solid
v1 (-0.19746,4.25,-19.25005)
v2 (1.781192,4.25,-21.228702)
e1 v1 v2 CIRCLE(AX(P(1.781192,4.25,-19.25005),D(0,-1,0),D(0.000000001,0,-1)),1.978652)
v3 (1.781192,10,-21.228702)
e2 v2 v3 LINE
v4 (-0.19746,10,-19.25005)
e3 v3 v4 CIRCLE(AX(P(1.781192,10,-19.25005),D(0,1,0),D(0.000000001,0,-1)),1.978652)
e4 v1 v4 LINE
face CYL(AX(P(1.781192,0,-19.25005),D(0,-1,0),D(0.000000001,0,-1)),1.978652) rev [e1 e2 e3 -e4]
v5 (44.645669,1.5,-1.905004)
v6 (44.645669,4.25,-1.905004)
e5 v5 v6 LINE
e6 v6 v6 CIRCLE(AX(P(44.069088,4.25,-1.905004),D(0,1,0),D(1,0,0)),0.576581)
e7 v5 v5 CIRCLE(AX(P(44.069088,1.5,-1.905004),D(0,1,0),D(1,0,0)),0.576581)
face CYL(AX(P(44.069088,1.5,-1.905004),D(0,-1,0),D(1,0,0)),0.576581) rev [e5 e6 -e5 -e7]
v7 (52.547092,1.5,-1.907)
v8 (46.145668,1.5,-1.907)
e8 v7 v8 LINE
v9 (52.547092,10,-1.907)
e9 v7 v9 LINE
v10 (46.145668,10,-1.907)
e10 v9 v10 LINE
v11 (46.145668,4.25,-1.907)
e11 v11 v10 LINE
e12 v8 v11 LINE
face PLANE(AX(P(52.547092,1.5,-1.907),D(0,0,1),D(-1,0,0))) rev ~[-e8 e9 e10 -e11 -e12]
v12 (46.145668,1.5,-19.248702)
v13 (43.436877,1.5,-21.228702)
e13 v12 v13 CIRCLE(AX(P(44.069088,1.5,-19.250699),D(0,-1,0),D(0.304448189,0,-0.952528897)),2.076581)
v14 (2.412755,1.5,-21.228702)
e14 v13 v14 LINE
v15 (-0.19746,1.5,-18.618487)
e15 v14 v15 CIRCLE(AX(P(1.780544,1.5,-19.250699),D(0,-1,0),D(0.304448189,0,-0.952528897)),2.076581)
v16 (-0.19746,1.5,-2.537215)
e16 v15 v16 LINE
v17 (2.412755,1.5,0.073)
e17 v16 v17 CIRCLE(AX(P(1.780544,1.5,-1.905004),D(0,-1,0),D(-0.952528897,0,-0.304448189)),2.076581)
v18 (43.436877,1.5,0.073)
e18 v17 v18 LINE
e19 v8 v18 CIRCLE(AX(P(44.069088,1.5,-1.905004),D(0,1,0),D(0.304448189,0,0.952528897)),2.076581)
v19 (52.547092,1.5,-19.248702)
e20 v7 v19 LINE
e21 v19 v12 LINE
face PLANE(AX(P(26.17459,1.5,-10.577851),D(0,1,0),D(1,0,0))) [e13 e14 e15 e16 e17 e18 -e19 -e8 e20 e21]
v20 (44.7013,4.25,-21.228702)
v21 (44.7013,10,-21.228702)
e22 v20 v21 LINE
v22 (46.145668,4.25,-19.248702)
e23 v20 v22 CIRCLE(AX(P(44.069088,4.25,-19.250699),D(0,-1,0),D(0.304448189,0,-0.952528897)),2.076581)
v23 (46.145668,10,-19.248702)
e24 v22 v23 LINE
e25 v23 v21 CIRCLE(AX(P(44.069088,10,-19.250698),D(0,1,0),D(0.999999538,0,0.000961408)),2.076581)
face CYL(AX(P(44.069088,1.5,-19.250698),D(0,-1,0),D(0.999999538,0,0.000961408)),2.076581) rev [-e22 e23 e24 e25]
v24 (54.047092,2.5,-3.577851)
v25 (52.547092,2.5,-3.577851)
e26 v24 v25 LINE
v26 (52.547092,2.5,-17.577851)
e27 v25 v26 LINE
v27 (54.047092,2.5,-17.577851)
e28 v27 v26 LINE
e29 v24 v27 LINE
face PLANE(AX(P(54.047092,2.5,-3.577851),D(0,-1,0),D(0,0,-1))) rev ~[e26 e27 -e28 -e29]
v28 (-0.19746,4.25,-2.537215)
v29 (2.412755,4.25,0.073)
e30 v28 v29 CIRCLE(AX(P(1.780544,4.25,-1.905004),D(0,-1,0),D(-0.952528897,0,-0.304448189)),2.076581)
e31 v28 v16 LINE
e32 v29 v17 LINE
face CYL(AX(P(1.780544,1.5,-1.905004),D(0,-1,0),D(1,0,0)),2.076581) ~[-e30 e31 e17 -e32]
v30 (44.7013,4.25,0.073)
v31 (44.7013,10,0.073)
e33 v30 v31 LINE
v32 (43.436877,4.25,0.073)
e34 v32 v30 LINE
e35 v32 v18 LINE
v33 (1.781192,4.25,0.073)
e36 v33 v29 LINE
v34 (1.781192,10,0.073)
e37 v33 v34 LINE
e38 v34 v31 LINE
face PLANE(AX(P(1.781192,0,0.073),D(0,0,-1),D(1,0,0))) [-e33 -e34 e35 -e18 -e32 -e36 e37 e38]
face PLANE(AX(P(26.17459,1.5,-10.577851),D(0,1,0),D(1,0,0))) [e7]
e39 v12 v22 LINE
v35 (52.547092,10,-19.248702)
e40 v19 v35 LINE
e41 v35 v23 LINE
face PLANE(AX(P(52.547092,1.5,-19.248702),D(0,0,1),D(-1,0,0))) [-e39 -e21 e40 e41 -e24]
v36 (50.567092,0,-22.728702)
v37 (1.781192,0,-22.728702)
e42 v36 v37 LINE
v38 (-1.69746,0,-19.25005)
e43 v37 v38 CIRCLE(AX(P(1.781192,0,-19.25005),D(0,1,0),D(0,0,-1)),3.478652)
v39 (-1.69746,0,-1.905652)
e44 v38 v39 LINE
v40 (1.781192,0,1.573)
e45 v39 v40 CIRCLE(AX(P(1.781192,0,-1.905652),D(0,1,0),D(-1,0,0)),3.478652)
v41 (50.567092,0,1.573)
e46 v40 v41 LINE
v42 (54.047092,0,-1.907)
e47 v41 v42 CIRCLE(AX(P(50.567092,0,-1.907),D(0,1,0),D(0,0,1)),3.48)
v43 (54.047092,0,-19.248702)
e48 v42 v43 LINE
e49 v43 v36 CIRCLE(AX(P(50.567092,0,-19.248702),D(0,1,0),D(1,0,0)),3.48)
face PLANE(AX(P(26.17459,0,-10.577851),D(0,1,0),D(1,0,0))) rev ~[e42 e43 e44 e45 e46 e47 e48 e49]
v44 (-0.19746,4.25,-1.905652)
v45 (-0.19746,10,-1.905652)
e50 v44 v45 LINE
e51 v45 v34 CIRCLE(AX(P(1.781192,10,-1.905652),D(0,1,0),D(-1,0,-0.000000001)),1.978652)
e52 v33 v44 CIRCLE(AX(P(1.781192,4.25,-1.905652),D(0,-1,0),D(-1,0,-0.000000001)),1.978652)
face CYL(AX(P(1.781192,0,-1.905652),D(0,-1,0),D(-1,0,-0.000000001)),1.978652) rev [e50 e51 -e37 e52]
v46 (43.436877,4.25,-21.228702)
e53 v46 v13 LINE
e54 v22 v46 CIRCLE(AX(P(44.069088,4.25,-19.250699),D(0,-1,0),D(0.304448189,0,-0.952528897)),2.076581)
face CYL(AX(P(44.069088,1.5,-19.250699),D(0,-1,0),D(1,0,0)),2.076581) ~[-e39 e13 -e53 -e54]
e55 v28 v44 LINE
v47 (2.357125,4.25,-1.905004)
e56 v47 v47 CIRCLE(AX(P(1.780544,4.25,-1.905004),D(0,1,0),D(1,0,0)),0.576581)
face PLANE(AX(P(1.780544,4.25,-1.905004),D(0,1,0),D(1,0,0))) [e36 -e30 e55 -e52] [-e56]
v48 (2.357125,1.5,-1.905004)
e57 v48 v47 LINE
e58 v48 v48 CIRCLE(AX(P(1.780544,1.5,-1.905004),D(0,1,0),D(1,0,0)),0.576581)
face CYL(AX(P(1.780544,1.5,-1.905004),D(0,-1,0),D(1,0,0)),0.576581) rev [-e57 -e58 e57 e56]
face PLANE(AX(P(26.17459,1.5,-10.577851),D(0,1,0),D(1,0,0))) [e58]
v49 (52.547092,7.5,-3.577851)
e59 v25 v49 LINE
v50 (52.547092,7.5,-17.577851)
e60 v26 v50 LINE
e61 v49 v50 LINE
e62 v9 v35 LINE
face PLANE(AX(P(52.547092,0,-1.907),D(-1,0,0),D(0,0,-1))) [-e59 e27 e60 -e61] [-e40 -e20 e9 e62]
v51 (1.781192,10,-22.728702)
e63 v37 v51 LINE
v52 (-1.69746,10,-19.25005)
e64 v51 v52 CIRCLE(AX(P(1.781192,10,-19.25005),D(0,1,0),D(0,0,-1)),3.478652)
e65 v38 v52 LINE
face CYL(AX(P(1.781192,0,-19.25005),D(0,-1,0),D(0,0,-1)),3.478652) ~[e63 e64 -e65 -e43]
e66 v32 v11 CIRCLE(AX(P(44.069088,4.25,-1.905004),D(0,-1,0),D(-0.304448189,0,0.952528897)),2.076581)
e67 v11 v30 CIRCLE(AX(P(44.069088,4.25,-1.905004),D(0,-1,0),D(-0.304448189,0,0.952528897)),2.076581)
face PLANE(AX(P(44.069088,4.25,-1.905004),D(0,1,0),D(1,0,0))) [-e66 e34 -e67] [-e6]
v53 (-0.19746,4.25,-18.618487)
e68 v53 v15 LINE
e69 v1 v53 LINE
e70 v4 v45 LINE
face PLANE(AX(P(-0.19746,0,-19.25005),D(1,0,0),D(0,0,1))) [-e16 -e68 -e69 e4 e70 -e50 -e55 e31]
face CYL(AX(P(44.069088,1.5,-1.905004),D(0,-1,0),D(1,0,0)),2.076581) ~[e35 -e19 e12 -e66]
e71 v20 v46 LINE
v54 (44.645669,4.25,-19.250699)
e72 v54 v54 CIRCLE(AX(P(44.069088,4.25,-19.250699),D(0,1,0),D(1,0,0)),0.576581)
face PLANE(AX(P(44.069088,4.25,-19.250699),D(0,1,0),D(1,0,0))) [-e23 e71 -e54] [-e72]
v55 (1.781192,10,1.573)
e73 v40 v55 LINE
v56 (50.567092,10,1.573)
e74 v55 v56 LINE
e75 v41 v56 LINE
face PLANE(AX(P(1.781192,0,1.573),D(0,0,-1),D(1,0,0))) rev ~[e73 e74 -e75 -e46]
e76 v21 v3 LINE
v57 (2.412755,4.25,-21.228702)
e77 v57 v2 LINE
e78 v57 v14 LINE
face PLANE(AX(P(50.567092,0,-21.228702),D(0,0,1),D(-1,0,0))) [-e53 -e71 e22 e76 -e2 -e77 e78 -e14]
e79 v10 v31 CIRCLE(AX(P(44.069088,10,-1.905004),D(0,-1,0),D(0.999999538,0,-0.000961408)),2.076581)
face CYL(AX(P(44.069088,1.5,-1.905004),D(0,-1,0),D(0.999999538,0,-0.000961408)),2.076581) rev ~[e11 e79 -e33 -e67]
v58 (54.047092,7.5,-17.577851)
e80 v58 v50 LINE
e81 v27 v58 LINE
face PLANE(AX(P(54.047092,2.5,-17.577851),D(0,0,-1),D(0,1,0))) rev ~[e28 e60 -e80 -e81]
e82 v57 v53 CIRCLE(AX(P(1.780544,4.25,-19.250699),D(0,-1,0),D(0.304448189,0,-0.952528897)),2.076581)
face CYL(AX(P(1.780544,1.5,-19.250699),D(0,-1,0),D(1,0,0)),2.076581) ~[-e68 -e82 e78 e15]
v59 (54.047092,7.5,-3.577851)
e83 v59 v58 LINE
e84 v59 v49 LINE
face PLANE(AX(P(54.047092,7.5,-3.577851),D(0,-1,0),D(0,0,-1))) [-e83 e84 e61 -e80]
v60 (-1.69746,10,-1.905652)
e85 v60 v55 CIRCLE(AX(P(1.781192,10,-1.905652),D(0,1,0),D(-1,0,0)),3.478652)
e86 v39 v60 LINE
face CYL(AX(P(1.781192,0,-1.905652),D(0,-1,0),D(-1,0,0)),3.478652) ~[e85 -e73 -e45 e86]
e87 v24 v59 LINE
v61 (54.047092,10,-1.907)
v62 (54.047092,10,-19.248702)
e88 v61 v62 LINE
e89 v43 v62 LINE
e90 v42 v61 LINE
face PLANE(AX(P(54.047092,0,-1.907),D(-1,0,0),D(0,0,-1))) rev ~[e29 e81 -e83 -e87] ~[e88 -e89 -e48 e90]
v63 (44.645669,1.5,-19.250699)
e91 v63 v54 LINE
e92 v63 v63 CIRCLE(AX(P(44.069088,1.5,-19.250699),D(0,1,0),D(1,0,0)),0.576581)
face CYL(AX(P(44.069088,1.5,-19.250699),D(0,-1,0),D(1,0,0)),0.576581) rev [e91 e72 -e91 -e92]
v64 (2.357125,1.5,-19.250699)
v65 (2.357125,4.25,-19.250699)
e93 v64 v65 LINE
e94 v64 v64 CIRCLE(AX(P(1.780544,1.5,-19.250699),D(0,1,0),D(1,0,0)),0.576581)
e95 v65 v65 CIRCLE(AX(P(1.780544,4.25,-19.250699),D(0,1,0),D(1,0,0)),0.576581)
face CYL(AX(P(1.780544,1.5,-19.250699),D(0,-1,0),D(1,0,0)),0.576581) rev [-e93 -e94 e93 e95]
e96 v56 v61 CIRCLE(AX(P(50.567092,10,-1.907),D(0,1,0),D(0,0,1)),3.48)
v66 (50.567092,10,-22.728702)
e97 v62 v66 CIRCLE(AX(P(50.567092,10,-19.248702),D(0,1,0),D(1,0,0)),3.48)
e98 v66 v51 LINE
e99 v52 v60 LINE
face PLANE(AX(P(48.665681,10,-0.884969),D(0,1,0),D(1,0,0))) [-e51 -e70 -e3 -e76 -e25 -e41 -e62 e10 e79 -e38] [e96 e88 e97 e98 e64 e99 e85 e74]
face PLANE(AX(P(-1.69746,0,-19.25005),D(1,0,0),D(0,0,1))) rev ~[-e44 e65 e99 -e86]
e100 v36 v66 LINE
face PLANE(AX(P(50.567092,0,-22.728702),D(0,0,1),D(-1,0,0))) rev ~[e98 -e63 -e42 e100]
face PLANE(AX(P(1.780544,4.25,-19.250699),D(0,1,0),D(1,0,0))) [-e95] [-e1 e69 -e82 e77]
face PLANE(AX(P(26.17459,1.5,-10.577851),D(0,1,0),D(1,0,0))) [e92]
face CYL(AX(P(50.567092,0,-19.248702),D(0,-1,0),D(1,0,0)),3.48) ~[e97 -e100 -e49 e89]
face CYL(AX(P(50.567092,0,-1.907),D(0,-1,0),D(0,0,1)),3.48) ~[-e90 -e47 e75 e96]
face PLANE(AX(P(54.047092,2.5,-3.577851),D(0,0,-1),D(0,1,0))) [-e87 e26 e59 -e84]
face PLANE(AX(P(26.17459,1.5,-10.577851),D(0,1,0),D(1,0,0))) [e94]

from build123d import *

# Parameters (mm, degrees)
EXTRUDE_4_DEPTH     = 10
EXTRUDE_3_DEPTH     = 1.5
CUT_EXTRUDE_2_REACH = 57.745
SKETCH_7_W          = 14
SKETCH_7_H          = 5
SKETCH_8_R          = 2.076581153
SKETCH_8_R_2        = 0.576581153
EXTRUDE_5_DEPTH     = 2.75
EXTRUDE_4_2_DEPTH   = 8.5


with BuildPart() as part:
    # 草图3 → Extrude 4 (new body)
    with BuildSketch(Plane(origin=(0, 0, 0), x_dir=(1, 0, 0), z_dir=(0, 1, 0))):
        with BuildLine():
            Line((50.567091694, 22.728702057), (1.78119206, 22.728702057))
            ThreePointArc((1.78119206, 22.728702057), (-0.678586397, 21.70982846), (-1.697459995, 19.250050003))
            Line((-1.697459995, 19.250050003), (-1.697459995, 1.905652309))
            ThreePointArc((-1.697459995, 1.905652309), (-0.678586397, -0.554126149), (1.78119206, -1.572999746))
            Line((1.78119206, -1.572999746), (50.567091694, -1.572999746))
            ThreePointArc((50.567091694, -1.572999746), (53.027823293, -0.553731345), (54.047091694, 1.907000254))
            Line((54.047091694, 1.907000254), (54.047091694, 19.248702057))
            ThreePointArc((54.047091694, 19.248702057), (53.027823293, 21.709433656), (50.567091694, 22.728702057))
        make_face()
        with BuildLine():
            Line((50.567091694, 21.228702057), (1.78119206, 21.228702057))
            ThreePointArc((1.78119206, 21.228702057), (0.382073774, 20.649168288), (-0.197459995, 19.250050003))
            Line((-0.197459995, 19.250050003), (-0.197459995, 1.905652309))
            ThreePointArc((-0.197459995, 1.905652309), (0.382073774, 0.506534023), (1.78119206, -0.072999746))
            Line((1.78119206, -0.072999746), (50.567091694, -0.072999746))
            ThreePointArc((50.567091694, -0.072999746), (51.967163121, 0.506928827), (52.547091694, 1.907000254))
            Line((52.547091694, 1.907000254), (52.547091694, 19.248702057))
            ThreePointArc((52.547091694, 19.248702057), (51.967163121, 20.648773484), (50.567091694, 21.228702057))
        make_face(mode=Mode.SUBTRACT)
    extrude(amount=EXTRUDE_4_DEPTH)

    # 草图3<5> → 凸台-拉伸3 (add)
    with BuildSketch(Plane(origin=(0, 0, 0), x_dir=(1, 0, 0), z_dir=(0, 1, 0))):
        with BuildLine():
            Line((50.567091694, 21.228702057), (1.78119206, 21.228702057))
            ThreePointArc((1.78119206, 21.228702057), (0.382073774, 20.649168288), (-0.197459995, 19.250050003))
            Line((-0.197459995, 19.250050003), (-0.197459995, 1.905652309))
            ThreePointArc((-0.197459995, 1.905652309), (0.382073774, 0.506534023), (1.78119206, -0.072999746))
            Line((1.78119206, -0.072999746), (50.567091694, -0.072999746))
            ThreePointArc((50.567091694, -0.072999746), (51.967163121, 0.506928827), (52.547091694, 1.907000254))
            Line((52.547091694, 1.907000254), (52.547091694, 19.248702057))
            ThreePointArc((52.547091694, 19.248702057), (51.967163121, 20.648773484), (50.567091694, 21.228702057))
        make_face()
    extrude(amount=EXTRUDE_3_DEPTH)

    # 草图7 → 切除-拉伸2 (cut, up to next)
    with BuildSketch(Plane(origin=(54.047091694, 0, 0), x_dir=(0, 0, -1), z_dir=(1, 0, 0)), mode=Mode.PRIVATE) as cut_extrude_2_sk1:
        with Locations((10.577851156, 5)):
            Rectangle(SKETCH_7_W, SKETCH_7_H)
    cut_extrude_2_tool1 = extrude(cut_extrude_2_sk1.sketch, amount=-CUT_EXTRUDE_2_REACH, mode=Mode.PRIVATE) & part.part
    add(cut_extrude_2_tool1.solids().sort_by_distance((54.047092, 5, -10.577851))[0], mode=Mode.SUBTRACT)

    # 草图8 → 拉伸-薄壁5 (add)
    with BuildSketch(Plane(origin=(0, 1.5, 0), x_dir=(1, 0, 0), z_dir=(0, 1, 0))):
        with Locations((44.069088138, 1.90500381)):
            Circle(SKETCH_8_R)
        with Locations((44.069088138, 1.90500381)):
            Circle(SKETCH_8_R_2, mode=Mode.SUBTRACT)
        with Locations((44.069088138, 19.250698501)):
            Circle(SKETCH_8_R)
        with Locations((44.069088138, 19.250698501)):
            Circle(SKETCH_8_R_2, mode=Mode.SUBTRACT)
        with Locations((1.780543561, 19.250698501)):
            Circle(SKETCH_8_R)
        with Locations((1.780543561, 19.250698501)):
            Circle(SKETCH_8_R_2, mode=Mode.SUBTRACT)
        with Locations((1.780543561, 1.90500381)):
            Circle(SKETCH_8_R)
        with Locations((1.780543561, 1.90500381)):
            Circle(SKETCH_8_R_2, mode=Mode.SUBTRACT)
    extrude(amount=EXTRUDE_5_DEPTH)

    # 草图9 → Extrude 4 2 (add)
    with BuildSketch(Plane(origin=(0, 1.5, 0), x_dir=(1, 0, 0), z_dir=(0, 1, 0))):
        with BuildLine():
            Line((44.70129951, -0.072999746), (50.567091694, -0.072999746))
            ThreePointArc((50.567091694, -0.072999746), (51.967163121, 0.506928827), (52.547091694, 1.907000254))
            Line((52.547091694, 1.907000254), (46.145668332, 1.907000254))
            ThreePointArc((46.145668332, 1.907000254), (45.746731704, 0.681197718), (44.70129951, -0.072999746))
        make_face()
        with BuildLine():
            Line((44.70129951, 21.228702057), (50.567091694, 21.228702057))
            ThreePointArc((50.567091694, 21.228702057), (51.967163121, 20.648773484), (52.547091694, 19.248702057))
            Line((52.547091694, 19.248702057), (46.145668332, 19.248702057))
            ThreePointArc((46.145668332, 19.248702057), (45.746731704, 20.474504593), (44.70129951, 21.228702057))
        make_face()
    extrude(amount=EXTRUDE_4_2_DEPTH)


solid = part.part
